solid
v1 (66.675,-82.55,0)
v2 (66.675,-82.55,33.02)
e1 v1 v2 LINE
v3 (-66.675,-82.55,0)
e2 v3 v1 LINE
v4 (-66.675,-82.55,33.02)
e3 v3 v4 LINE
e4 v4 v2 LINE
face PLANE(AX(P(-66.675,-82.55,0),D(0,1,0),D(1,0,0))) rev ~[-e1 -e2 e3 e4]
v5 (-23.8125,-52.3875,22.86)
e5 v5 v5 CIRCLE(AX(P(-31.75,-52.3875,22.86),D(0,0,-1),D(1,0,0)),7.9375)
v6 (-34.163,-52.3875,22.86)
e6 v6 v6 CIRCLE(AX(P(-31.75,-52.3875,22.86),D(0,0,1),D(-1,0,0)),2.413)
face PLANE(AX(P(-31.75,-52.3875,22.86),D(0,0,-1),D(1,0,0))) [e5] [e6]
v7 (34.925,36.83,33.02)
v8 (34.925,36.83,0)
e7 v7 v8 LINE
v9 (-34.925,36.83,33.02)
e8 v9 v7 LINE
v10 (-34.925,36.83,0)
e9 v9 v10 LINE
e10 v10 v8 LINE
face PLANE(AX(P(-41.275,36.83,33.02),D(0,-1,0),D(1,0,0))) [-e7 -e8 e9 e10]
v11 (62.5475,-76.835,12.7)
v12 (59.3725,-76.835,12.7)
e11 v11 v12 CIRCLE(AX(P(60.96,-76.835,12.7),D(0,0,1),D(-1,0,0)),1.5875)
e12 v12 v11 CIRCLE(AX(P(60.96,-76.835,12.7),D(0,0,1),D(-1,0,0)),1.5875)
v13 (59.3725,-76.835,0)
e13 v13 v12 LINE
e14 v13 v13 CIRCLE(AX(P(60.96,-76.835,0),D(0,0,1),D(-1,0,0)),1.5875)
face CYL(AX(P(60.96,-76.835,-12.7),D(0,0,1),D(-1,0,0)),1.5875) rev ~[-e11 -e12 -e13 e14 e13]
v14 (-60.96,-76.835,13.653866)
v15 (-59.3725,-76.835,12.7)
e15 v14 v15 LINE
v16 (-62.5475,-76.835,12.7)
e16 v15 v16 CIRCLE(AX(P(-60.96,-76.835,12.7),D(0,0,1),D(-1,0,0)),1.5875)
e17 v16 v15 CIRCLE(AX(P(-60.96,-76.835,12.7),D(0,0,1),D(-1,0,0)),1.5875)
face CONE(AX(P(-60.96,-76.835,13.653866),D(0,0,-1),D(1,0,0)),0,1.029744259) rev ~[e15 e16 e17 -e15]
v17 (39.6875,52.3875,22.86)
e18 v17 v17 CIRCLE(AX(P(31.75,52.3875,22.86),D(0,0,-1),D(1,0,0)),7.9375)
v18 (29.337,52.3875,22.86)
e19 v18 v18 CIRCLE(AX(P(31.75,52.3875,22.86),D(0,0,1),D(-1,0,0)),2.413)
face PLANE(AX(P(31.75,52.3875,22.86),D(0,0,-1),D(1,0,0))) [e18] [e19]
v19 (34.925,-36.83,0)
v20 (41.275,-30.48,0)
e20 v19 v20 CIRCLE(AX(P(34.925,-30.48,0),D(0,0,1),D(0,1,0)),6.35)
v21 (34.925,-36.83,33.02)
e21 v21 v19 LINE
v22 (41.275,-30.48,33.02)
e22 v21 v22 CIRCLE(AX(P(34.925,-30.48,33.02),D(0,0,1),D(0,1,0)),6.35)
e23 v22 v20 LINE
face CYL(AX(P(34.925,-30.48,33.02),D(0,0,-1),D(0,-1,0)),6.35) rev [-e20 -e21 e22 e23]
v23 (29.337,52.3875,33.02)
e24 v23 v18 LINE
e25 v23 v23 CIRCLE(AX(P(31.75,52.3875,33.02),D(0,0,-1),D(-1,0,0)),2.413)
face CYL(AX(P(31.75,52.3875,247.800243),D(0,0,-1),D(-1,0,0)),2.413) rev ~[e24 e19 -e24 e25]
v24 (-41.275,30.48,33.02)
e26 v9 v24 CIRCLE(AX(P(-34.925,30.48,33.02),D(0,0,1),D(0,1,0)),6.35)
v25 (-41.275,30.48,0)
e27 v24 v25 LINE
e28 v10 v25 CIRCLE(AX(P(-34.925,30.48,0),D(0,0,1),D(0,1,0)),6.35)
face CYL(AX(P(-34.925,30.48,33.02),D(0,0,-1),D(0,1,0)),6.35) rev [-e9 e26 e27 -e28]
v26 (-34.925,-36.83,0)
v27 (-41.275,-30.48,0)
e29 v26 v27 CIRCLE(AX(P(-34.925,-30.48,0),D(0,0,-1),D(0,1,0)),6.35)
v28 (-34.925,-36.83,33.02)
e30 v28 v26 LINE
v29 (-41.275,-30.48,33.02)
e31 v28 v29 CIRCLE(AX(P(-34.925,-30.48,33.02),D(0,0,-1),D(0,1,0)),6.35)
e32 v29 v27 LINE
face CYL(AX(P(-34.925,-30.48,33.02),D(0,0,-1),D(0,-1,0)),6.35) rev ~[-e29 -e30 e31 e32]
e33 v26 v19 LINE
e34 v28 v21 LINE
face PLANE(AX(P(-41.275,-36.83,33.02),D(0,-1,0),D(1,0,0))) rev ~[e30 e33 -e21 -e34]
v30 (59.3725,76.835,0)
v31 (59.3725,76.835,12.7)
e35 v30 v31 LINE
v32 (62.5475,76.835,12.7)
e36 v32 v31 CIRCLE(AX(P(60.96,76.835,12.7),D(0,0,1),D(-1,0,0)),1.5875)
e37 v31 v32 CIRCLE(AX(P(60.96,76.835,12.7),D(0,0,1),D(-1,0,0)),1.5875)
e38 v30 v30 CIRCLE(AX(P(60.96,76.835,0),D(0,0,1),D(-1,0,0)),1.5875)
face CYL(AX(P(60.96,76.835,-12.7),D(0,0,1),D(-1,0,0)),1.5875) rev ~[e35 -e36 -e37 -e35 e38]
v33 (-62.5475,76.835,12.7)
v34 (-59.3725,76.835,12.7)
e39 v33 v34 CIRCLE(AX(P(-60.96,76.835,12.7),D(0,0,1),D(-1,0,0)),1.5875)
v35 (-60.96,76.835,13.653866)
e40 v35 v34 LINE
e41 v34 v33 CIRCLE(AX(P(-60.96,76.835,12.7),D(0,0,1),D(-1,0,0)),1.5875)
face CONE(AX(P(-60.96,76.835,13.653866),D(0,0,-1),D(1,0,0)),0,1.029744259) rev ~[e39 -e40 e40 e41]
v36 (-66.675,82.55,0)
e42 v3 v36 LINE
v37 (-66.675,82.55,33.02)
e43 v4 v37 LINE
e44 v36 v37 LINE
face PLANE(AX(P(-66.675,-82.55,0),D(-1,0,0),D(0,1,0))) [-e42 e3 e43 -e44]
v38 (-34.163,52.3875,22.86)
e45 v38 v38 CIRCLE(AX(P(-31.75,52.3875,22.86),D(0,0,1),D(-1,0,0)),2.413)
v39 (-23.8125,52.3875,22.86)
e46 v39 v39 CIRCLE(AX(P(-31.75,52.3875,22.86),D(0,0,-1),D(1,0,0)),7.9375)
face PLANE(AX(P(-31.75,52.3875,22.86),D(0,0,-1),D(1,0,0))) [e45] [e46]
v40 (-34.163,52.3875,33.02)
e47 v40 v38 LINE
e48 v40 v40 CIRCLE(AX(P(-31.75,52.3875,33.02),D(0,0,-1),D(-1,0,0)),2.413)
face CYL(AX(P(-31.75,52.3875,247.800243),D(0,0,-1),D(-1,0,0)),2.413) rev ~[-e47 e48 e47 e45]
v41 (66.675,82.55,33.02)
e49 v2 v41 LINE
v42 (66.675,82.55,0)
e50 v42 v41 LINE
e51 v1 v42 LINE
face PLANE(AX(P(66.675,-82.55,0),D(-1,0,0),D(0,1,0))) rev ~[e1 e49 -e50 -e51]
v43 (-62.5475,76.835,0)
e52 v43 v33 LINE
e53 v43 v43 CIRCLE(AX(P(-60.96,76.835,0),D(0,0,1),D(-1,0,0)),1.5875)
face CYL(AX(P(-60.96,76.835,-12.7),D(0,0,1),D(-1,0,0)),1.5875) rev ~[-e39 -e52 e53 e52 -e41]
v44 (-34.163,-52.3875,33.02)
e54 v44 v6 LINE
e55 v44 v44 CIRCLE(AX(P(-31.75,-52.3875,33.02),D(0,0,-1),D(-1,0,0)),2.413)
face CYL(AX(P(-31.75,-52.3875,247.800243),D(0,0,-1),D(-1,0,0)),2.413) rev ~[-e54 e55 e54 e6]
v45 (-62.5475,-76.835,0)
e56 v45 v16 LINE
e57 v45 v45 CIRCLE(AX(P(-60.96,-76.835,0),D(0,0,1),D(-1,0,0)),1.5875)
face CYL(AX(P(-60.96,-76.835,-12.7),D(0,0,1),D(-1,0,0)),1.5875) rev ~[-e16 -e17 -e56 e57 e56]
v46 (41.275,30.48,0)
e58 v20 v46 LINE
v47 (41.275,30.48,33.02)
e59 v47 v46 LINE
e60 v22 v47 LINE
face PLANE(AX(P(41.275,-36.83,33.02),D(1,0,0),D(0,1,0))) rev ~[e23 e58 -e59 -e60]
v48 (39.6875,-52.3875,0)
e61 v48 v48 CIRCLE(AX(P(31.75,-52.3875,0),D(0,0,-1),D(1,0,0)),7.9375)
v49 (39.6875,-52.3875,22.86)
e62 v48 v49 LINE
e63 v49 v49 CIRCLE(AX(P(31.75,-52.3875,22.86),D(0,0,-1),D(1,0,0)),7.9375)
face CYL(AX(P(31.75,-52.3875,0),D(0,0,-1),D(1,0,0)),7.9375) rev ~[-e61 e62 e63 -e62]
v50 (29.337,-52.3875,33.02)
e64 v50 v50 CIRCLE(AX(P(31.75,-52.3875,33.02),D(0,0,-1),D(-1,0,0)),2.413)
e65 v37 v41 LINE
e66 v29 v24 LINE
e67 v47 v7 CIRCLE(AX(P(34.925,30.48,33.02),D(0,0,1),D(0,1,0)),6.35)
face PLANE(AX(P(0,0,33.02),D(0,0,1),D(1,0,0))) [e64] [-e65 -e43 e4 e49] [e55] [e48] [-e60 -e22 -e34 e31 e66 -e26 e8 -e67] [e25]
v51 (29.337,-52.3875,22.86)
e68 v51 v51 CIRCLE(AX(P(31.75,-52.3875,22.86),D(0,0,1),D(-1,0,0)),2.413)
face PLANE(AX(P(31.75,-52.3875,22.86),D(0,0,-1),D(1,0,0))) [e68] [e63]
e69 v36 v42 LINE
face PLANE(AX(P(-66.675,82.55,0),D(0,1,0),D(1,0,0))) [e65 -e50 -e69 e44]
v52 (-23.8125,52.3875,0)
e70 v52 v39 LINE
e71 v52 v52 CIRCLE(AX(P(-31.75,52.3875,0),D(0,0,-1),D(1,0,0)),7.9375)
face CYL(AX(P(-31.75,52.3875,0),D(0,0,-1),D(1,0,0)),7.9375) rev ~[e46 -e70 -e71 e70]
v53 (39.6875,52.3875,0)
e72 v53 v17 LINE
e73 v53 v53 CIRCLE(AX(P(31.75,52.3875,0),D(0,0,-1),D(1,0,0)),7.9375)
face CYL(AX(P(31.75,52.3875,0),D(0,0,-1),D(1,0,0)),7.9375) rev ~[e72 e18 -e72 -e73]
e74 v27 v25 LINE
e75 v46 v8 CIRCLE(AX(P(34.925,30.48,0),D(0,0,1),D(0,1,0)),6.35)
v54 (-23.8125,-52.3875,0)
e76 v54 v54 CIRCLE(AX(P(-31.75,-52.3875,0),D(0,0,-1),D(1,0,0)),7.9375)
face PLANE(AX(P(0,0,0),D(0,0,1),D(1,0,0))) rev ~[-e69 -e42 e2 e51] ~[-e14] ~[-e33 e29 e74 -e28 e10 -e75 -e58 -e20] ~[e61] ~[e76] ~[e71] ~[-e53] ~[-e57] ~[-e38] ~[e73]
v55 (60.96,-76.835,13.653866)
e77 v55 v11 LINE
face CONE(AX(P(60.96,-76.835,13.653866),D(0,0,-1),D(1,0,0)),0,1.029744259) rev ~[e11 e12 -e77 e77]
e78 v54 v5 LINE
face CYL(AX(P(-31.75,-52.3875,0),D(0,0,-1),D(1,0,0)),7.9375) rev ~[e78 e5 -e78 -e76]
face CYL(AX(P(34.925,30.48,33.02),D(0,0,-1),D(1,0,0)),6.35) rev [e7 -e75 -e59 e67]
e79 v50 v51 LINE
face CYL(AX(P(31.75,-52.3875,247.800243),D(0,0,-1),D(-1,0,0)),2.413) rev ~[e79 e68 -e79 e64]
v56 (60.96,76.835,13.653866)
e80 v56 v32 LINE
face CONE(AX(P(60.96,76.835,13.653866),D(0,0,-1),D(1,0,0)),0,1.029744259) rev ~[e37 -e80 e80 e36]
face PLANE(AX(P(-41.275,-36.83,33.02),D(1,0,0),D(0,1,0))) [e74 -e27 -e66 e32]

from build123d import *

# Parameters (mm, degrees)
F0_W      = 133.35
F0_H      = 165.1
F1_DEPTH  = 33.02
F2_W      = 82.55
F2_H      = 73.66
F3_DEPTH  = 33.021
F4_R      = 6.35
F6_D      = 4.826
F7_R      = 7.9375
F7_R_2    = 2.413
F8_DEPTH  = 22.86
F10_D     = 3.175
F10_DEPTH = 12.7
F10_TIP   = 0.9538662327


with BuildPart() as f1:
    # F0 (on Top) → F1 (new body)
    with BuildSketch(Plane.XY):
        Rectangle(F0_W, F0_H)
    extrude(amount=F1_DEPTH)

    # F2 (on face) → F3 (cut, through all)
    with BuildSketch(Plane.XY.offset(33.02)):
        Rectangle(F2_W, F2_H)
    extrude(amount=-F3_DEPTH, mode=Mode.SUBTRACT)

    # F4
    f4_edges = [f1.edges().sort_by_distance(p)[0] for p in [
        (-41.275, 36.83, 16.51),
        (-41.275, -36.83, 16.51),
        (41.275, -36.83, 16.51),
        (41.275, 36.83, 16.51),
    ]]
    fillet(f4_edges, radius=F4_R)

    # F6 (through all)
    with Locations(Plane.XY.offset(33.02)):
        with Locations((-31.75, 52.3875), (31.75, 52.3875), (31.75, -52.3875), (-31.75, -52.3875)):
            Hole(F6_D / 2)

    # F7 (on face) → F8 (cut)
    with BuildSketch(Plane(origin=(0, 0, 0), x_dir=(1, 0, 0), z_dir=(0, 0, -1))):
        with Locations((-31.75, 52.3875)):
            Circle(F7_R)
        with Locations((-31.75, 52.3875)):
            Circle(F7_R_2, mode=Mode.SUBTRACT)
        with Locations((31.75, 52.3875)):
            Circle(F7_R)
        with Locations((31.75, 52.3875)):
            Circle(F7_R_2, mode=Mode.SUBTRACT)
        with Locations((31.75, -52.3875)):
            Circle(F7_R)
        with Locations((31.75, -52.3875)):
            Circle(F7_R_2, mode=Mode.SUBTRACT)
        with Locations((-31.75, -52.3875)):
            Circle(F7_R)
        with Locations((-31.75, -52.3875)):
            Circle(F7_R_2, mode=Mode.SUBTRACT)
    extrude(amount=-F8_DEPTH, mode=Mode.SUBTRACT)

    # F10
    with Locations(Plane(origin=(0, 0, 0), x_dir=(1, 0, 0), z_dir=(0, 0, -1))):
        with Locations((-60.96, 76.835), (60.96, 76.835), (60.96, -76.835), (-60.96, -76.835)):
            Hole(F10_D / 2, depth=F10_DEPTH)
            with Locations((0, 0, -(F10_DEPTH + F10_TIP / 2))):  # 118° drill point
                Cone(0, F10_D / 2, F10_TIP, mode=Mode.SUBTRACT)


solid = f1.part
